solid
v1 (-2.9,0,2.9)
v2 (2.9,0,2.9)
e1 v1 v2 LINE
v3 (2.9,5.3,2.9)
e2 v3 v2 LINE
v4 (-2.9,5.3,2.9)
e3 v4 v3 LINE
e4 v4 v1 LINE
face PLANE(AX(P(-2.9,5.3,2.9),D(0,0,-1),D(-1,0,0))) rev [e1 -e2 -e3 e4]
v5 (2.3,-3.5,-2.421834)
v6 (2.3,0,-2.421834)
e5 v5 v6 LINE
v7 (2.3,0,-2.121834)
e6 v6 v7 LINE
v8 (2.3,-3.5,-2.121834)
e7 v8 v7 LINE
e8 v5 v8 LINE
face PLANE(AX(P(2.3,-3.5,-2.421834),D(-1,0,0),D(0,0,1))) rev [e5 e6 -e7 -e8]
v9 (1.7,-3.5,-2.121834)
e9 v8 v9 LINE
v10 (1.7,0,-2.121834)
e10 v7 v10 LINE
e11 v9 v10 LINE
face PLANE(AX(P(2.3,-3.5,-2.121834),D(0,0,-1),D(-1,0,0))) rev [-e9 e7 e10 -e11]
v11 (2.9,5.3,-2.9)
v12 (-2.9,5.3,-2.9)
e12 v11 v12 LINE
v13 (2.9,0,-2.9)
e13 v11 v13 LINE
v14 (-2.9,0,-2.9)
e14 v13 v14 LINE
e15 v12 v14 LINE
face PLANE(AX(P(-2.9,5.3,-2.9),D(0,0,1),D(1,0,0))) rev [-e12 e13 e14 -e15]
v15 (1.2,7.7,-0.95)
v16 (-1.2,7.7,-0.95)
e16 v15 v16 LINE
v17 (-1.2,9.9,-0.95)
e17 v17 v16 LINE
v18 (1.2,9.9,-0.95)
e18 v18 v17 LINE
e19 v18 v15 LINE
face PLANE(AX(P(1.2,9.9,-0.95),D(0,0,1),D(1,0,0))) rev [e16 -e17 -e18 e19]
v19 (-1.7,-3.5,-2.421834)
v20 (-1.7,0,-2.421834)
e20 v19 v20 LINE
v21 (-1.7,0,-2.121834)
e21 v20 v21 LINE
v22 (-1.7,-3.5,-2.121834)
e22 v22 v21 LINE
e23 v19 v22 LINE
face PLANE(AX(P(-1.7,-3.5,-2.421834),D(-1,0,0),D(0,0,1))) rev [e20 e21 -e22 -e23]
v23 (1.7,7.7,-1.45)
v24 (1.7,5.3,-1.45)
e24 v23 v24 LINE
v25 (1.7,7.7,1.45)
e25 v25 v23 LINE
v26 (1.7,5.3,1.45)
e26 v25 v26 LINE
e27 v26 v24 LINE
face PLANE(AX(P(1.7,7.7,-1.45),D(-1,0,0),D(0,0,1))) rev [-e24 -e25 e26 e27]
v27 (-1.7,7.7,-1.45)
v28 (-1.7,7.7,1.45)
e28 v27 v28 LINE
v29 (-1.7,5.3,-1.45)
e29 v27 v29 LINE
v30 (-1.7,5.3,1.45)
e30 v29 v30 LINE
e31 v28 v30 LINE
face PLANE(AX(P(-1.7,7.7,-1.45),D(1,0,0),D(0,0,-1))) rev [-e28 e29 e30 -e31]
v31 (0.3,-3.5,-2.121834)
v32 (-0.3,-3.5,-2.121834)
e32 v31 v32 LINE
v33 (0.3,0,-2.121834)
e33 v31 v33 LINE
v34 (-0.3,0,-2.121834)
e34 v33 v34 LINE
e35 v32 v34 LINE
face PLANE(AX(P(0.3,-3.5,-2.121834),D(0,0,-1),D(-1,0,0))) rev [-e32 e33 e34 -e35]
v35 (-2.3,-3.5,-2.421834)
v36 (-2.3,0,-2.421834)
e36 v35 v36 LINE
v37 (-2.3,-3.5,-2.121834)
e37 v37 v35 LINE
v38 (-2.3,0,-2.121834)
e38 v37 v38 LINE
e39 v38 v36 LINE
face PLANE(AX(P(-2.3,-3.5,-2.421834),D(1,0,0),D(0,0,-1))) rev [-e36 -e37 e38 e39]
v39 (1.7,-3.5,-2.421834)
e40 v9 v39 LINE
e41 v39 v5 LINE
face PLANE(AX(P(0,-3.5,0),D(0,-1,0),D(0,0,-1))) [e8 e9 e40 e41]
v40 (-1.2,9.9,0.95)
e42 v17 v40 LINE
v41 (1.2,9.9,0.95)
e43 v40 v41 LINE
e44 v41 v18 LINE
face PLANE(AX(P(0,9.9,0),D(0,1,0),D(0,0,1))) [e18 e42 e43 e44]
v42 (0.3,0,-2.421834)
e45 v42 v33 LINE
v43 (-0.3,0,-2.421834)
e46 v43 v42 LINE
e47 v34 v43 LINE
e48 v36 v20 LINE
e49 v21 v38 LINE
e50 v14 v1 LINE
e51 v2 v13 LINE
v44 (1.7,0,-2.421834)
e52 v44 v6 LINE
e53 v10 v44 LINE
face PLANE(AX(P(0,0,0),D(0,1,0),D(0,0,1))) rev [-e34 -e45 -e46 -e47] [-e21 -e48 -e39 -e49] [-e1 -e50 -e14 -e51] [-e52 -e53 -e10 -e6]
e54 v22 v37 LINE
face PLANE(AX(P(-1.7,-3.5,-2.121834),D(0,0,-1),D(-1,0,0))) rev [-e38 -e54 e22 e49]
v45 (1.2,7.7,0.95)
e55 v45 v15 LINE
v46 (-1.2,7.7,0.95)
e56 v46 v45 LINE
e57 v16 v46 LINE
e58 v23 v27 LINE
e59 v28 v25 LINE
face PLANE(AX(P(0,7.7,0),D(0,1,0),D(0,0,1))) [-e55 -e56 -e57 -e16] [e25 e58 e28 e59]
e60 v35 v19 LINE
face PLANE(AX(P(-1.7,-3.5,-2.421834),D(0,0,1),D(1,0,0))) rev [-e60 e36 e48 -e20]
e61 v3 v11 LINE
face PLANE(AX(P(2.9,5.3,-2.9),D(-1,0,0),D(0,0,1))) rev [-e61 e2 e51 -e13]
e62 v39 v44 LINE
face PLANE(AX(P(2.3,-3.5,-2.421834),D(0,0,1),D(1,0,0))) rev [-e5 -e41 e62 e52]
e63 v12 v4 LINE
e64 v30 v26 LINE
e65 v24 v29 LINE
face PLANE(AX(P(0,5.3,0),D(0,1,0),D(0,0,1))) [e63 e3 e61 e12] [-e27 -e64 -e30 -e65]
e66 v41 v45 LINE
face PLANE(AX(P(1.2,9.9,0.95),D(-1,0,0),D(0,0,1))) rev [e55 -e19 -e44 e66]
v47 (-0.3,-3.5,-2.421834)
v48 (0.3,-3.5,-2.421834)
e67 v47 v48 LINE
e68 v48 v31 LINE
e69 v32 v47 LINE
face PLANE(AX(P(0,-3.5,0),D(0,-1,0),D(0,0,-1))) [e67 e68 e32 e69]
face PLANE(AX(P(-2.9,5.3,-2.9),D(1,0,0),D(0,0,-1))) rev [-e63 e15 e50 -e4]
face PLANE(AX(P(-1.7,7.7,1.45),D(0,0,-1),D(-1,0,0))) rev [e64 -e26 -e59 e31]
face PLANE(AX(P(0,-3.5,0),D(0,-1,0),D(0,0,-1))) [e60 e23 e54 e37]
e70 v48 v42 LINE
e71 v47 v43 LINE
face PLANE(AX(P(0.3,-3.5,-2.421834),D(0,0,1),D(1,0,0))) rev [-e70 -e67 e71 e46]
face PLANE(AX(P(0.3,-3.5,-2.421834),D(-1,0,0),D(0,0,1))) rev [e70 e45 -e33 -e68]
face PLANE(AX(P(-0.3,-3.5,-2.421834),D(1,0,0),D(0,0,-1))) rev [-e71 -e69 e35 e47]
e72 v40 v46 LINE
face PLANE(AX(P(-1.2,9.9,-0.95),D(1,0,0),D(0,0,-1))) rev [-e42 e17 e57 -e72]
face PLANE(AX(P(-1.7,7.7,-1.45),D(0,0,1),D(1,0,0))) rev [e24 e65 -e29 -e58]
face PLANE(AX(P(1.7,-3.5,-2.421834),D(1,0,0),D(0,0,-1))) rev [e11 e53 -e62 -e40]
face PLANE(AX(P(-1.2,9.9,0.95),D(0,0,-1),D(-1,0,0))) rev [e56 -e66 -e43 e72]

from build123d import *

# Parameters (mm, degrees)
ESQUISSE1_W        = 5.8
ESQUISSE1_H        = 5.8
BOSS_EXTRU_1_DEPTH = 5.3
ESQUISSE2_W        = 3.4
ESQUISSE2_H        = 2.9
BOSS_EXTRU_2_DEPTH = 2.4
ESQUISSE4_W        = 2.4
ESQUISSE4_H        = 1.9
BOSS_EXTRU_3_DEPTH = 2.2
ESQUISSE5_W        = 0.6
ESQUISSE5_H        = 0.3
BOSS_EXTRU_4_DEPTH = 3.5


with BuildPart() as part:
    # Esquisse1 → Boss.-Extru.1 (new body)
    with BuildSketch(Plane(origin=(0, 0, 0), x_dir=(1, 0, 0), z_dir=(0, 1, 0))):
        Rectangle(ESQUISSE1_W, ESQUISSE1_H)
    extrude(amount=BOSS_EXTRU_1_DEPTH)

    # Esquisse2 → Boss.-Extru.2 (add)
    with BuildSketch(Plane(origin=(0, 5.3, 0), x_dir=(1, 0, 0), z_dir=(0, 1, 0))):
        Rectangle(ESQUISSE2_W, ESQUISSE2_H)
    extrude(amount=BOSS_EXTRU_2_DEPTH)

    # Esquisse4 → Boss.-Extru.3 (add)
    with BuildSketch(Plane(origin=(0, 7.7, 0), x_dir=(1, 0, 0), z_dir=(0, 1, 0))):
        Rectangle(ESQUISSE4_W, ESQUISSE4_H)
    extrude(amount=BOSS_EXTRU_3_DEPTH)

    # Esquisse5 → Boss.-Extru.4 (add)
    with BuildSketch(Plane.XZ):
        with Locations((0, -2.271834071)):
            Rectangle(ESQUISSE5_W, ESQUISSE5_H)
        with Locations((-2, -2.271834071)):
            Rectangle(ESQUISSE5_W, ESQUISSE5_H)
        with Locations((2, -2.271834071)):
            Rectangle(ESQUISSE5_W, ESQUISSE5_H)
    extrude(amount=BOSS_EXTRU_4_DEPTH)


solid = part.part
